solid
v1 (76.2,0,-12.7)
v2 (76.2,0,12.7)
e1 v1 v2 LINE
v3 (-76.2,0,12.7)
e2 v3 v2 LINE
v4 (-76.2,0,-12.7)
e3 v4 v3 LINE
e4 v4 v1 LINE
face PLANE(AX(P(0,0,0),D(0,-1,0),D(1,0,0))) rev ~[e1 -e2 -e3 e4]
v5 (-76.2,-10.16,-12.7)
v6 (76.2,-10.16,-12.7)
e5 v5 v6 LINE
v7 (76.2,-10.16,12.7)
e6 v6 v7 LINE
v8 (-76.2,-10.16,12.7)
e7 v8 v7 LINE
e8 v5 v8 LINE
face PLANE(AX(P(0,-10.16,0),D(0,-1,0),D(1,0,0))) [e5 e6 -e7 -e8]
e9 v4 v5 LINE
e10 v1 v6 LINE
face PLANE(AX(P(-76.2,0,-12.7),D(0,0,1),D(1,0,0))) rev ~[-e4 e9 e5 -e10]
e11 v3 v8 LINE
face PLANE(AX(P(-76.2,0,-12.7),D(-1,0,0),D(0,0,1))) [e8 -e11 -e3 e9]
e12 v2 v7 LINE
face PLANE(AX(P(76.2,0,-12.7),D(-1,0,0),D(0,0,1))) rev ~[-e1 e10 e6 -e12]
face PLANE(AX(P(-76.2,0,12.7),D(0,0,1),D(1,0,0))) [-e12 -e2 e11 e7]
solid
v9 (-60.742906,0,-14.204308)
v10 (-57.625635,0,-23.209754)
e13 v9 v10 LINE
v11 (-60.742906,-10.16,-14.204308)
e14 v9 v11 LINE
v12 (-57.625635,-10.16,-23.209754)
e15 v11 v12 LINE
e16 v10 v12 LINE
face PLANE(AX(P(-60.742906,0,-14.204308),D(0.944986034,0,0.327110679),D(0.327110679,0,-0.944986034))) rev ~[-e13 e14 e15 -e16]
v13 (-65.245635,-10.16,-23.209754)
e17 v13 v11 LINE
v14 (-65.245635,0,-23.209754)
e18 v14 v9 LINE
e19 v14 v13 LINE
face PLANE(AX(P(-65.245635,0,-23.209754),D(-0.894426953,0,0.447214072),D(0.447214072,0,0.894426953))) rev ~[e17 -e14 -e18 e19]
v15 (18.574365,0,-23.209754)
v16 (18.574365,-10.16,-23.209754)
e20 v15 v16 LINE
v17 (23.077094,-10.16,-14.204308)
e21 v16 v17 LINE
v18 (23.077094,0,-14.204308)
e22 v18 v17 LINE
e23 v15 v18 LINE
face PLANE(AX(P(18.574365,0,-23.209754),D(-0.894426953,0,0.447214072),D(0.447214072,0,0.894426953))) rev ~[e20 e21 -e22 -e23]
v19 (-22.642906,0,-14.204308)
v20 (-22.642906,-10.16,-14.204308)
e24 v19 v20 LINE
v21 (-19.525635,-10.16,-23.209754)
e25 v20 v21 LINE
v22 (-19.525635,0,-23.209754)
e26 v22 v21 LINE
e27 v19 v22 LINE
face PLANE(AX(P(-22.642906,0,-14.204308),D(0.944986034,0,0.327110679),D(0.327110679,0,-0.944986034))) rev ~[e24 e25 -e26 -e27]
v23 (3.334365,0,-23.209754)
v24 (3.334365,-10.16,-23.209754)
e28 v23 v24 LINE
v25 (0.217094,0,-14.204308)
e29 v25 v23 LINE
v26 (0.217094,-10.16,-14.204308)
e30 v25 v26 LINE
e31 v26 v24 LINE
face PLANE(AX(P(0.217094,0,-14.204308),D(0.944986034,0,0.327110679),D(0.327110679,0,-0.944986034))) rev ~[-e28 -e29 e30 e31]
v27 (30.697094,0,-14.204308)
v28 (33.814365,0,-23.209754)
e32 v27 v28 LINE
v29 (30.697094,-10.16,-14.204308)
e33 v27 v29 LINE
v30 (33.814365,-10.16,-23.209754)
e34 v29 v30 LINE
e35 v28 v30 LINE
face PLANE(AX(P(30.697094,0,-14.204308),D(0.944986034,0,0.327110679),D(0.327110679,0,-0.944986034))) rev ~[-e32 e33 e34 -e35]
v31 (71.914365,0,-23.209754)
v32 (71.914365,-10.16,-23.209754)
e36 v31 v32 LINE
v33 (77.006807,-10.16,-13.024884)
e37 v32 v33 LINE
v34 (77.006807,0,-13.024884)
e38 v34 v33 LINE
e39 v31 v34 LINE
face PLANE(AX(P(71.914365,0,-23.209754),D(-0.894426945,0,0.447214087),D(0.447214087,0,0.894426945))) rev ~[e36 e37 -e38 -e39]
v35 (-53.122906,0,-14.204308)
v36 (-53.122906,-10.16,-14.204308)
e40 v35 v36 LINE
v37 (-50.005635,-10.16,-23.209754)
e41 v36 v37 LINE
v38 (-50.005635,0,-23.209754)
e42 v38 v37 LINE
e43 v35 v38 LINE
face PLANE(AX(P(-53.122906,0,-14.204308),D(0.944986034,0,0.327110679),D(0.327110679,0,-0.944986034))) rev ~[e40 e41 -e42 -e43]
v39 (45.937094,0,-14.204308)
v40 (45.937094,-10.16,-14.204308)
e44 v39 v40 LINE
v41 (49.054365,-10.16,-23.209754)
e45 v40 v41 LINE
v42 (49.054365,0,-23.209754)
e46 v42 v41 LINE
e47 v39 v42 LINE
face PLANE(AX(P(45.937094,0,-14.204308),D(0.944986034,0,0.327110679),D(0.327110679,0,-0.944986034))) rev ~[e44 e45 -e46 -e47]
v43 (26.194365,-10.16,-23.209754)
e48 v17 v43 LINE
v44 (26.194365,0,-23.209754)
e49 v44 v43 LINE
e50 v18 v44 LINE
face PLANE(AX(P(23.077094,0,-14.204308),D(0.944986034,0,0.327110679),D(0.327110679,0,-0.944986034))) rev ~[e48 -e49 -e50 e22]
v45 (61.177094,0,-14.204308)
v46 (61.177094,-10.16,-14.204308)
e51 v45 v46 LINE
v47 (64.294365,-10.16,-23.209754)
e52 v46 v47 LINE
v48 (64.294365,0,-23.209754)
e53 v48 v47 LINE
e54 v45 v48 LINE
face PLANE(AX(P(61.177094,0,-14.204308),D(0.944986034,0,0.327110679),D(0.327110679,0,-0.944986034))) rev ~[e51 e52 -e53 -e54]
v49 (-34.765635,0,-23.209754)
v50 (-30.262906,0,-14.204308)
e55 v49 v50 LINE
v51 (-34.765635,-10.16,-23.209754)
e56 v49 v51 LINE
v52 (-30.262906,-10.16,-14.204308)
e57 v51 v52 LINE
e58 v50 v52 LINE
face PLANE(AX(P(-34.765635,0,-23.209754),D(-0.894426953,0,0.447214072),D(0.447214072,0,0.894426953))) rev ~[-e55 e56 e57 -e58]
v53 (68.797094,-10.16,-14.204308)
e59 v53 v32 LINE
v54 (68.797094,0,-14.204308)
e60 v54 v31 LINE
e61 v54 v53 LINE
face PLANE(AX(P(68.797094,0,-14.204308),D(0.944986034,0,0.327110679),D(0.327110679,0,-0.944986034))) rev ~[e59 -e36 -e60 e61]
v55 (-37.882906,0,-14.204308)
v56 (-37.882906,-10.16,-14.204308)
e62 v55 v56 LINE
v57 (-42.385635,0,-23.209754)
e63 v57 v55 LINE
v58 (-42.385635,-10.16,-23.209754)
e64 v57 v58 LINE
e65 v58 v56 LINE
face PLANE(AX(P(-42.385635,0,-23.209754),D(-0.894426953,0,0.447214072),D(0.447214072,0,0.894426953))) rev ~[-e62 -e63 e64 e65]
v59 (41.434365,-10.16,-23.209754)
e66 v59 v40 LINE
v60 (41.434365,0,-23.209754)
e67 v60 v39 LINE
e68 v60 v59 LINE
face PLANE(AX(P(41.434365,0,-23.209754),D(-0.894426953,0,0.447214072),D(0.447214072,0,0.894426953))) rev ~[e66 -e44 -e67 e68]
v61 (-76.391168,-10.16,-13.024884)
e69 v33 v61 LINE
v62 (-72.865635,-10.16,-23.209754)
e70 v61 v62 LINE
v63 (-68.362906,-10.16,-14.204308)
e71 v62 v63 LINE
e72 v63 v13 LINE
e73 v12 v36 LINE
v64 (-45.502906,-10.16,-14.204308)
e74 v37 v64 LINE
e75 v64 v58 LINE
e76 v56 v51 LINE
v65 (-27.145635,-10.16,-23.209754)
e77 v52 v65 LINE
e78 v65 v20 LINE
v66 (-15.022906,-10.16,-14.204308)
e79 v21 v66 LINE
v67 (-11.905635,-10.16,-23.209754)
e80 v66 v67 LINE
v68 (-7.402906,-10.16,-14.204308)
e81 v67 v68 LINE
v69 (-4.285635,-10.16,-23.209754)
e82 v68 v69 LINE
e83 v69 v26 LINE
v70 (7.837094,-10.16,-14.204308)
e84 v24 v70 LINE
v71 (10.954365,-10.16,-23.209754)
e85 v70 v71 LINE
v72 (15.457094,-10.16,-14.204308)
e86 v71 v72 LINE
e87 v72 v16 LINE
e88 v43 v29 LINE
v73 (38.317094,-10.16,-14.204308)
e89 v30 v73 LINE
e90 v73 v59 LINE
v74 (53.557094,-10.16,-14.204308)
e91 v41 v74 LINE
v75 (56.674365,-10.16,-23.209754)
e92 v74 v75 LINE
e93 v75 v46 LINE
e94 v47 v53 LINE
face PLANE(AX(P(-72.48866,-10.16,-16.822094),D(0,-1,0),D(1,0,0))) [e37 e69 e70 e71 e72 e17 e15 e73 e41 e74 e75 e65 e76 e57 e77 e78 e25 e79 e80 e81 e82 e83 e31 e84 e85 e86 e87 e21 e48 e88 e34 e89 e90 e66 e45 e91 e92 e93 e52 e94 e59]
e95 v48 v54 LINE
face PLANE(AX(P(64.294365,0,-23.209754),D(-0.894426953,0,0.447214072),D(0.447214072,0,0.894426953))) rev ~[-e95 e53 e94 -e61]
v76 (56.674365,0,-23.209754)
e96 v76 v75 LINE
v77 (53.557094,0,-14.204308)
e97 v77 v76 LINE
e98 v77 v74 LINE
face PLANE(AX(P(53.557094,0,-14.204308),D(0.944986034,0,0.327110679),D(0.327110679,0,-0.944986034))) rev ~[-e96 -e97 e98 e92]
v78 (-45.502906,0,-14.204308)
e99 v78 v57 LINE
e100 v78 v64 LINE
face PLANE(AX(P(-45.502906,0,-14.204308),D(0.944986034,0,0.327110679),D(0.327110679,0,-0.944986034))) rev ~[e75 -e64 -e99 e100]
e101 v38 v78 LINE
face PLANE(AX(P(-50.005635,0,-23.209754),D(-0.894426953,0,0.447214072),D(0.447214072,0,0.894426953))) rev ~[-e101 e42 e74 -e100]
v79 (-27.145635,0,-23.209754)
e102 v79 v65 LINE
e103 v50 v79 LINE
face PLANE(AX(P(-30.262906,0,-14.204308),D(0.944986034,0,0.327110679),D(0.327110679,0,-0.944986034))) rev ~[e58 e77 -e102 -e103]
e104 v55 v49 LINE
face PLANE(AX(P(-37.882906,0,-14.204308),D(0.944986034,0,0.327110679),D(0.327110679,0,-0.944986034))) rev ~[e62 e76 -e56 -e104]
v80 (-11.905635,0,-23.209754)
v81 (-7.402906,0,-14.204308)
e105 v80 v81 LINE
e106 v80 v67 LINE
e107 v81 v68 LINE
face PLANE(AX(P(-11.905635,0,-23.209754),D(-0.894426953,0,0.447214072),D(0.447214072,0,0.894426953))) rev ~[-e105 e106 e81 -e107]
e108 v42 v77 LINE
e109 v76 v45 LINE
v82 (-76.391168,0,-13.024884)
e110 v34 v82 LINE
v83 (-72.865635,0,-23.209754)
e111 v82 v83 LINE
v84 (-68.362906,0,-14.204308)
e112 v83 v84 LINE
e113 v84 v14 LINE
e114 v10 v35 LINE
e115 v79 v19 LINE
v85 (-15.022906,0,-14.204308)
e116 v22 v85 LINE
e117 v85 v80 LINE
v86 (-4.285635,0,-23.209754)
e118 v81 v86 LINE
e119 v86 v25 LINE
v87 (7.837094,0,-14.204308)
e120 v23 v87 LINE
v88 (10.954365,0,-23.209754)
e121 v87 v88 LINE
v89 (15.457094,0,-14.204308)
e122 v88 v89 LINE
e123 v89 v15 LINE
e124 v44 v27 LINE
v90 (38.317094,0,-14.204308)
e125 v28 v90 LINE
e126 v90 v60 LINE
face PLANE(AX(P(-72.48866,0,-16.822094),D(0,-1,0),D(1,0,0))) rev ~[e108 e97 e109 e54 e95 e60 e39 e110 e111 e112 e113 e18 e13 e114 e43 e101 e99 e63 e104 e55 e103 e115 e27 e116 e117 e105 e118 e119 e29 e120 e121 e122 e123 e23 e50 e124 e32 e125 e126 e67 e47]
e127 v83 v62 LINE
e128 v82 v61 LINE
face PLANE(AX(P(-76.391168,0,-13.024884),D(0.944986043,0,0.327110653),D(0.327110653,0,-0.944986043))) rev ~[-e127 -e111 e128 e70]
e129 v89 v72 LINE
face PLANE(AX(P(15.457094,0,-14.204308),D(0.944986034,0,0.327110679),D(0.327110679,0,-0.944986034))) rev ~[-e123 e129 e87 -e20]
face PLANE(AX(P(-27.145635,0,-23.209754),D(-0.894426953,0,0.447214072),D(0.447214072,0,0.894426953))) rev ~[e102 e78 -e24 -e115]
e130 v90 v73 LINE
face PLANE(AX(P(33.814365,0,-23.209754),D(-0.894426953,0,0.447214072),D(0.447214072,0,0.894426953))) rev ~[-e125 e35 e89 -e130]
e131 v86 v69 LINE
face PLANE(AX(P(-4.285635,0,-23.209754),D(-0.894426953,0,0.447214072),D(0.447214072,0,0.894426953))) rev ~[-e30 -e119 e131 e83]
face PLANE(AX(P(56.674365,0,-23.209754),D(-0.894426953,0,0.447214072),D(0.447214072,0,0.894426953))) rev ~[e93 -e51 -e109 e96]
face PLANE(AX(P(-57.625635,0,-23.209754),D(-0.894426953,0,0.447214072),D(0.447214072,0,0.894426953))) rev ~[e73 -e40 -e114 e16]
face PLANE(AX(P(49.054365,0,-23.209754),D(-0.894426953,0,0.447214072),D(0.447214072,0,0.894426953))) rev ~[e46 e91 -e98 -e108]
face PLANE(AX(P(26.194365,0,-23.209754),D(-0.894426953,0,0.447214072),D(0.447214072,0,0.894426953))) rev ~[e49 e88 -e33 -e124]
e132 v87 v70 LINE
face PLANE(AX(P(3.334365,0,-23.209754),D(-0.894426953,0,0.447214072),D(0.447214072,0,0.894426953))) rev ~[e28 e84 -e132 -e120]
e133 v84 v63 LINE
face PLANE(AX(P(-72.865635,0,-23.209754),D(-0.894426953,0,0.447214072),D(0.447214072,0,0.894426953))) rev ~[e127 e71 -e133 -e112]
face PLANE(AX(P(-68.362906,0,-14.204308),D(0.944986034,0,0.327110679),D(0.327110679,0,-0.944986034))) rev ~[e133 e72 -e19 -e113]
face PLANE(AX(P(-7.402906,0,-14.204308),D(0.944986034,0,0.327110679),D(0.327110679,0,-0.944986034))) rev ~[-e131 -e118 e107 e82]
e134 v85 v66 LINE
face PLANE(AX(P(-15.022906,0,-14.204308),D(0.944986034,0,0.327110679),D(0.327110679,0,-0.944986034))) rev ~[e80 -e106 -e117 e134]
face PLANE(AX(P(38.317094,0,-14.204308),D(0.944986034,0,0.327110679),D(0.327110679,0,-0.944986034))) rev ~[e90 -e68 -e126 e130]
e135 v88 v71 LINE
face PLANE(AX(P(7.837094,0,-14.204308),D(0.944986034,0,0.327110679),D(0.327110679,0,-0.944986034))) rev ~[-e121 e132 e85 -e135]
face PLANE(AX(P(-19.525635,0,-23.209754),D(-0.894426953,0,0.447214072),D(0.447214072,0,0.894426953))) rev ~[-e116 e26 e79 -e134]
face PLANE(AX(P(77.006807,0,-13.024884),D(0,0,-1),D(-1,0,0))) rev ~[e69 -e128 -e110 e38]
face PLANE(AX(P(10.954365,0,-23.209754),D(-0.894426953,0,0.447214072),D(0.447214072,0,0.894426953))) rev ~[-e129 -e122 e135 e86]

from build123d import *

# Parameters (mm, degrees)
F0_W     = 152.4
F0_H     = 25.4
F2_DEPTH = 10.16


with BuildPart() as f2:
    # F0 (on Front) + F1 (on Front) → F2 (new body)
    with BuildSketch(Plane.XZ):
        Rectangle(F0_W, F0_H)
    with BuildSketch(Plane.XZ):
        Polygon((-68.771168, -13.024884), (-76.391168, -13.024884), (-72.865635, -23.209754), (-68.362906, -14.204308), align=None)
        Polygon((-67.773193, -13.024884), (-68.771168, -13.024884), (-68.362906, -14.204308), align=None)
        Polygon((-61.151168, -13.024884), (-67.773193, -13.024884), (-68.362906, -14.204308), (-65.245635, -23.209754), (-60.742906, -14.204308), align=None)
        Polygon((-60.153193, -13.024884), (-61.151168, -13.024884), (-60.742906, -14.204308), align=None)
        Polygon((-53.531168, -13.024884), (-60.153193, -13.024884), (-60.742906, -14.204308), (-57.625635, -23.209754), (-53.122906, -14.204308), align=None)
        Polygon((-52.533193, -13.024884), (-53.531168, -13.024884), (-53.122906, -14.204308), align=None)
        Polygon((-45.911168, -13.024884), (-52.533193, -13.024884), (-53.122906, -14.204308), (-50.005635, -23.209754), (-45.502906, -14.204308), align=None)
        Polygon((-44.913193, -13.024884), (-45.911168, -13.024884), (-45.502906, -14.204308), align=None)
        Polygon((-38.291168, -13.024884), (-44.913193, -13.024884), (-45.502906, -14.204308), (-42.385635, -23.209754), (-37.882906, -14.204308), align=None)
        Polygon((-37.293193, -13.024884), (-38.291168, -13.024884), (-37.882906, -14.204308), align=None)
        Polygon((-30.671168, -13.024884), (-37.293193, -13.024884), (-37.882906, -14.204308), (-34.765635, -23.209754), (-30.262906, -14.204308), align=None)
        Polygon((-29.673193, -13.024884), (-30.671168, -13.024884), (-30.262906, -14.204308), align=None)
        Polygon((-23.051168, -13.024884), (-29.673193, -13.024884), (-30.262906, -14.204308), (-27.145635, -23.209754), (-22.642906, -14.204308), align=None)
        Polygon((-22.053193, -13.024884), (-23.051168, -13.024884), (-22.642906, -14.204308), align=None)
        Polygon((-15.431168, -13.024884), (-22.053193, -13.024884), (-22.642906, -14.204308), (-19.525635, -23.209754), (-15.022906, -14.204308), align=None)
        Polygon((-14.433193, -13.024884), (-15.431168, -13.024884), (-15.022906, -14.204308), align=None)
        Polygon((-7.811168, -13.024884), (-14.433193, -13.024884), (-15.022906, -14.204308), (-11.905635, -23.209754), (-7.402906, -14.204308), align=None)
        Polygon((-6.813193, -13.024884), (-7.811168, -13.024884), (-7.402906, -14.204308), align=None)
        Polygon((-0.191168, -13.024884), (-6.813193, -13.024884), (-7.402906, -14.204308), (-4.285635, -23.209754), (0.217094, -14.204308), align=None)
        Polygon((0.806807, -13.024884), (-0.191168, -13.024884), (0.217094, -14.204308), align=None)
        Polygon((7.428832, -13.024884), (0.806807, -13.024884), (0.217094, -14.204308), (3.334365, -23.209754), (7.837094, -14.204308), align=None)
        Polygon((8.426807, -13.024884), (7.428832, -13.024884), (7.837094, -14.204308), align=None)
        Polygon((15.048832, -13.024884), (8.426807, -13.024884), (7.837094, -14.204308), (10.954365, -23.209754), (15.457094, -14.204308), align=None)
        Polygon((16.046807, -13.024884), (15.048832, -13.024884), (15.457094, -14.204308), align=None)
        Polygon((22.668832, -13.024884), (16.046807, -13.024884), (15.457094, -14.204308), (18.574365, -23.209754), (23.077094, -14.204308), align=None)
        Polygon((23.666807, -13.024884), (22.668832, -13.024884), (23.077094, -14.204308), align=None)
        Polygon((30.288832, -13.024884), (23.666807, -13.024884), (23.077094, -14.204308), (26.194365, -23.209754), (30.697094, -14.204308), align=None)
        Polygon((31.286807, -13.024884), (30.288832, -13.024884), (30.697094, -14.204308), align=None)
        Polygon((37.908832, -13.024884), (31.286807, -13.024884), (30.697094, -14.204308), (33.814365, -23.209754), (38.317094, -14.204308), align=None)
        Polygon((38.906807, -13.024884), (37.908832, -13.024884), (38.317094, -14.204308), align=None)
        Polygon((45.528832, -13.024884), (38.906807, -13.024884), (38.317094, -14.204308), (41.434365, -23.209754), (45.937094, -14.204308), align=None)
        Polygon((46.526807, -13.024884), (45.528832, -13.024884), (45.937094, -14.204308), align=None)
        Polygon((53.148832, -13.024884), (46.526807, -13.024884), (45.937094, -14.204308), (49.054365, -23.209754), (53.557094, -14.204308), align=None)
        Polygon((54.146807, -13.024884), (53.148832, -13.024884), (53.557094, -14.204308), align=None)
        Polygon((60.768832, -13.024884), (54.146807, -13.024884), (53.557094, -14.204308), (56.674365, -23.209754), (61.177094, -14.204308), align=None)
        Polygon((61.766807, -13.024884), (60.768832, -13.024884), (61.177094, -14.204308), align=None)
        Polygon((68.388832, -13.024884), (61.766807, -13.024884), (61.177094, -14.204308), (64.294365, -23.209754), (68.797094, -14.204308), align=None)
        Polygon((69.386807, -13.024884), (68.388832, -13.024884), (68.797094, -14.204308), align=None)
        Polygon((77.006807, -13.024884), (69.386807, -13.024884), (68.797094, -14.204308), (71.914365, -23.209754), align=None)
    extrude(amount=F2_DEPTH)


solid = f2.part
